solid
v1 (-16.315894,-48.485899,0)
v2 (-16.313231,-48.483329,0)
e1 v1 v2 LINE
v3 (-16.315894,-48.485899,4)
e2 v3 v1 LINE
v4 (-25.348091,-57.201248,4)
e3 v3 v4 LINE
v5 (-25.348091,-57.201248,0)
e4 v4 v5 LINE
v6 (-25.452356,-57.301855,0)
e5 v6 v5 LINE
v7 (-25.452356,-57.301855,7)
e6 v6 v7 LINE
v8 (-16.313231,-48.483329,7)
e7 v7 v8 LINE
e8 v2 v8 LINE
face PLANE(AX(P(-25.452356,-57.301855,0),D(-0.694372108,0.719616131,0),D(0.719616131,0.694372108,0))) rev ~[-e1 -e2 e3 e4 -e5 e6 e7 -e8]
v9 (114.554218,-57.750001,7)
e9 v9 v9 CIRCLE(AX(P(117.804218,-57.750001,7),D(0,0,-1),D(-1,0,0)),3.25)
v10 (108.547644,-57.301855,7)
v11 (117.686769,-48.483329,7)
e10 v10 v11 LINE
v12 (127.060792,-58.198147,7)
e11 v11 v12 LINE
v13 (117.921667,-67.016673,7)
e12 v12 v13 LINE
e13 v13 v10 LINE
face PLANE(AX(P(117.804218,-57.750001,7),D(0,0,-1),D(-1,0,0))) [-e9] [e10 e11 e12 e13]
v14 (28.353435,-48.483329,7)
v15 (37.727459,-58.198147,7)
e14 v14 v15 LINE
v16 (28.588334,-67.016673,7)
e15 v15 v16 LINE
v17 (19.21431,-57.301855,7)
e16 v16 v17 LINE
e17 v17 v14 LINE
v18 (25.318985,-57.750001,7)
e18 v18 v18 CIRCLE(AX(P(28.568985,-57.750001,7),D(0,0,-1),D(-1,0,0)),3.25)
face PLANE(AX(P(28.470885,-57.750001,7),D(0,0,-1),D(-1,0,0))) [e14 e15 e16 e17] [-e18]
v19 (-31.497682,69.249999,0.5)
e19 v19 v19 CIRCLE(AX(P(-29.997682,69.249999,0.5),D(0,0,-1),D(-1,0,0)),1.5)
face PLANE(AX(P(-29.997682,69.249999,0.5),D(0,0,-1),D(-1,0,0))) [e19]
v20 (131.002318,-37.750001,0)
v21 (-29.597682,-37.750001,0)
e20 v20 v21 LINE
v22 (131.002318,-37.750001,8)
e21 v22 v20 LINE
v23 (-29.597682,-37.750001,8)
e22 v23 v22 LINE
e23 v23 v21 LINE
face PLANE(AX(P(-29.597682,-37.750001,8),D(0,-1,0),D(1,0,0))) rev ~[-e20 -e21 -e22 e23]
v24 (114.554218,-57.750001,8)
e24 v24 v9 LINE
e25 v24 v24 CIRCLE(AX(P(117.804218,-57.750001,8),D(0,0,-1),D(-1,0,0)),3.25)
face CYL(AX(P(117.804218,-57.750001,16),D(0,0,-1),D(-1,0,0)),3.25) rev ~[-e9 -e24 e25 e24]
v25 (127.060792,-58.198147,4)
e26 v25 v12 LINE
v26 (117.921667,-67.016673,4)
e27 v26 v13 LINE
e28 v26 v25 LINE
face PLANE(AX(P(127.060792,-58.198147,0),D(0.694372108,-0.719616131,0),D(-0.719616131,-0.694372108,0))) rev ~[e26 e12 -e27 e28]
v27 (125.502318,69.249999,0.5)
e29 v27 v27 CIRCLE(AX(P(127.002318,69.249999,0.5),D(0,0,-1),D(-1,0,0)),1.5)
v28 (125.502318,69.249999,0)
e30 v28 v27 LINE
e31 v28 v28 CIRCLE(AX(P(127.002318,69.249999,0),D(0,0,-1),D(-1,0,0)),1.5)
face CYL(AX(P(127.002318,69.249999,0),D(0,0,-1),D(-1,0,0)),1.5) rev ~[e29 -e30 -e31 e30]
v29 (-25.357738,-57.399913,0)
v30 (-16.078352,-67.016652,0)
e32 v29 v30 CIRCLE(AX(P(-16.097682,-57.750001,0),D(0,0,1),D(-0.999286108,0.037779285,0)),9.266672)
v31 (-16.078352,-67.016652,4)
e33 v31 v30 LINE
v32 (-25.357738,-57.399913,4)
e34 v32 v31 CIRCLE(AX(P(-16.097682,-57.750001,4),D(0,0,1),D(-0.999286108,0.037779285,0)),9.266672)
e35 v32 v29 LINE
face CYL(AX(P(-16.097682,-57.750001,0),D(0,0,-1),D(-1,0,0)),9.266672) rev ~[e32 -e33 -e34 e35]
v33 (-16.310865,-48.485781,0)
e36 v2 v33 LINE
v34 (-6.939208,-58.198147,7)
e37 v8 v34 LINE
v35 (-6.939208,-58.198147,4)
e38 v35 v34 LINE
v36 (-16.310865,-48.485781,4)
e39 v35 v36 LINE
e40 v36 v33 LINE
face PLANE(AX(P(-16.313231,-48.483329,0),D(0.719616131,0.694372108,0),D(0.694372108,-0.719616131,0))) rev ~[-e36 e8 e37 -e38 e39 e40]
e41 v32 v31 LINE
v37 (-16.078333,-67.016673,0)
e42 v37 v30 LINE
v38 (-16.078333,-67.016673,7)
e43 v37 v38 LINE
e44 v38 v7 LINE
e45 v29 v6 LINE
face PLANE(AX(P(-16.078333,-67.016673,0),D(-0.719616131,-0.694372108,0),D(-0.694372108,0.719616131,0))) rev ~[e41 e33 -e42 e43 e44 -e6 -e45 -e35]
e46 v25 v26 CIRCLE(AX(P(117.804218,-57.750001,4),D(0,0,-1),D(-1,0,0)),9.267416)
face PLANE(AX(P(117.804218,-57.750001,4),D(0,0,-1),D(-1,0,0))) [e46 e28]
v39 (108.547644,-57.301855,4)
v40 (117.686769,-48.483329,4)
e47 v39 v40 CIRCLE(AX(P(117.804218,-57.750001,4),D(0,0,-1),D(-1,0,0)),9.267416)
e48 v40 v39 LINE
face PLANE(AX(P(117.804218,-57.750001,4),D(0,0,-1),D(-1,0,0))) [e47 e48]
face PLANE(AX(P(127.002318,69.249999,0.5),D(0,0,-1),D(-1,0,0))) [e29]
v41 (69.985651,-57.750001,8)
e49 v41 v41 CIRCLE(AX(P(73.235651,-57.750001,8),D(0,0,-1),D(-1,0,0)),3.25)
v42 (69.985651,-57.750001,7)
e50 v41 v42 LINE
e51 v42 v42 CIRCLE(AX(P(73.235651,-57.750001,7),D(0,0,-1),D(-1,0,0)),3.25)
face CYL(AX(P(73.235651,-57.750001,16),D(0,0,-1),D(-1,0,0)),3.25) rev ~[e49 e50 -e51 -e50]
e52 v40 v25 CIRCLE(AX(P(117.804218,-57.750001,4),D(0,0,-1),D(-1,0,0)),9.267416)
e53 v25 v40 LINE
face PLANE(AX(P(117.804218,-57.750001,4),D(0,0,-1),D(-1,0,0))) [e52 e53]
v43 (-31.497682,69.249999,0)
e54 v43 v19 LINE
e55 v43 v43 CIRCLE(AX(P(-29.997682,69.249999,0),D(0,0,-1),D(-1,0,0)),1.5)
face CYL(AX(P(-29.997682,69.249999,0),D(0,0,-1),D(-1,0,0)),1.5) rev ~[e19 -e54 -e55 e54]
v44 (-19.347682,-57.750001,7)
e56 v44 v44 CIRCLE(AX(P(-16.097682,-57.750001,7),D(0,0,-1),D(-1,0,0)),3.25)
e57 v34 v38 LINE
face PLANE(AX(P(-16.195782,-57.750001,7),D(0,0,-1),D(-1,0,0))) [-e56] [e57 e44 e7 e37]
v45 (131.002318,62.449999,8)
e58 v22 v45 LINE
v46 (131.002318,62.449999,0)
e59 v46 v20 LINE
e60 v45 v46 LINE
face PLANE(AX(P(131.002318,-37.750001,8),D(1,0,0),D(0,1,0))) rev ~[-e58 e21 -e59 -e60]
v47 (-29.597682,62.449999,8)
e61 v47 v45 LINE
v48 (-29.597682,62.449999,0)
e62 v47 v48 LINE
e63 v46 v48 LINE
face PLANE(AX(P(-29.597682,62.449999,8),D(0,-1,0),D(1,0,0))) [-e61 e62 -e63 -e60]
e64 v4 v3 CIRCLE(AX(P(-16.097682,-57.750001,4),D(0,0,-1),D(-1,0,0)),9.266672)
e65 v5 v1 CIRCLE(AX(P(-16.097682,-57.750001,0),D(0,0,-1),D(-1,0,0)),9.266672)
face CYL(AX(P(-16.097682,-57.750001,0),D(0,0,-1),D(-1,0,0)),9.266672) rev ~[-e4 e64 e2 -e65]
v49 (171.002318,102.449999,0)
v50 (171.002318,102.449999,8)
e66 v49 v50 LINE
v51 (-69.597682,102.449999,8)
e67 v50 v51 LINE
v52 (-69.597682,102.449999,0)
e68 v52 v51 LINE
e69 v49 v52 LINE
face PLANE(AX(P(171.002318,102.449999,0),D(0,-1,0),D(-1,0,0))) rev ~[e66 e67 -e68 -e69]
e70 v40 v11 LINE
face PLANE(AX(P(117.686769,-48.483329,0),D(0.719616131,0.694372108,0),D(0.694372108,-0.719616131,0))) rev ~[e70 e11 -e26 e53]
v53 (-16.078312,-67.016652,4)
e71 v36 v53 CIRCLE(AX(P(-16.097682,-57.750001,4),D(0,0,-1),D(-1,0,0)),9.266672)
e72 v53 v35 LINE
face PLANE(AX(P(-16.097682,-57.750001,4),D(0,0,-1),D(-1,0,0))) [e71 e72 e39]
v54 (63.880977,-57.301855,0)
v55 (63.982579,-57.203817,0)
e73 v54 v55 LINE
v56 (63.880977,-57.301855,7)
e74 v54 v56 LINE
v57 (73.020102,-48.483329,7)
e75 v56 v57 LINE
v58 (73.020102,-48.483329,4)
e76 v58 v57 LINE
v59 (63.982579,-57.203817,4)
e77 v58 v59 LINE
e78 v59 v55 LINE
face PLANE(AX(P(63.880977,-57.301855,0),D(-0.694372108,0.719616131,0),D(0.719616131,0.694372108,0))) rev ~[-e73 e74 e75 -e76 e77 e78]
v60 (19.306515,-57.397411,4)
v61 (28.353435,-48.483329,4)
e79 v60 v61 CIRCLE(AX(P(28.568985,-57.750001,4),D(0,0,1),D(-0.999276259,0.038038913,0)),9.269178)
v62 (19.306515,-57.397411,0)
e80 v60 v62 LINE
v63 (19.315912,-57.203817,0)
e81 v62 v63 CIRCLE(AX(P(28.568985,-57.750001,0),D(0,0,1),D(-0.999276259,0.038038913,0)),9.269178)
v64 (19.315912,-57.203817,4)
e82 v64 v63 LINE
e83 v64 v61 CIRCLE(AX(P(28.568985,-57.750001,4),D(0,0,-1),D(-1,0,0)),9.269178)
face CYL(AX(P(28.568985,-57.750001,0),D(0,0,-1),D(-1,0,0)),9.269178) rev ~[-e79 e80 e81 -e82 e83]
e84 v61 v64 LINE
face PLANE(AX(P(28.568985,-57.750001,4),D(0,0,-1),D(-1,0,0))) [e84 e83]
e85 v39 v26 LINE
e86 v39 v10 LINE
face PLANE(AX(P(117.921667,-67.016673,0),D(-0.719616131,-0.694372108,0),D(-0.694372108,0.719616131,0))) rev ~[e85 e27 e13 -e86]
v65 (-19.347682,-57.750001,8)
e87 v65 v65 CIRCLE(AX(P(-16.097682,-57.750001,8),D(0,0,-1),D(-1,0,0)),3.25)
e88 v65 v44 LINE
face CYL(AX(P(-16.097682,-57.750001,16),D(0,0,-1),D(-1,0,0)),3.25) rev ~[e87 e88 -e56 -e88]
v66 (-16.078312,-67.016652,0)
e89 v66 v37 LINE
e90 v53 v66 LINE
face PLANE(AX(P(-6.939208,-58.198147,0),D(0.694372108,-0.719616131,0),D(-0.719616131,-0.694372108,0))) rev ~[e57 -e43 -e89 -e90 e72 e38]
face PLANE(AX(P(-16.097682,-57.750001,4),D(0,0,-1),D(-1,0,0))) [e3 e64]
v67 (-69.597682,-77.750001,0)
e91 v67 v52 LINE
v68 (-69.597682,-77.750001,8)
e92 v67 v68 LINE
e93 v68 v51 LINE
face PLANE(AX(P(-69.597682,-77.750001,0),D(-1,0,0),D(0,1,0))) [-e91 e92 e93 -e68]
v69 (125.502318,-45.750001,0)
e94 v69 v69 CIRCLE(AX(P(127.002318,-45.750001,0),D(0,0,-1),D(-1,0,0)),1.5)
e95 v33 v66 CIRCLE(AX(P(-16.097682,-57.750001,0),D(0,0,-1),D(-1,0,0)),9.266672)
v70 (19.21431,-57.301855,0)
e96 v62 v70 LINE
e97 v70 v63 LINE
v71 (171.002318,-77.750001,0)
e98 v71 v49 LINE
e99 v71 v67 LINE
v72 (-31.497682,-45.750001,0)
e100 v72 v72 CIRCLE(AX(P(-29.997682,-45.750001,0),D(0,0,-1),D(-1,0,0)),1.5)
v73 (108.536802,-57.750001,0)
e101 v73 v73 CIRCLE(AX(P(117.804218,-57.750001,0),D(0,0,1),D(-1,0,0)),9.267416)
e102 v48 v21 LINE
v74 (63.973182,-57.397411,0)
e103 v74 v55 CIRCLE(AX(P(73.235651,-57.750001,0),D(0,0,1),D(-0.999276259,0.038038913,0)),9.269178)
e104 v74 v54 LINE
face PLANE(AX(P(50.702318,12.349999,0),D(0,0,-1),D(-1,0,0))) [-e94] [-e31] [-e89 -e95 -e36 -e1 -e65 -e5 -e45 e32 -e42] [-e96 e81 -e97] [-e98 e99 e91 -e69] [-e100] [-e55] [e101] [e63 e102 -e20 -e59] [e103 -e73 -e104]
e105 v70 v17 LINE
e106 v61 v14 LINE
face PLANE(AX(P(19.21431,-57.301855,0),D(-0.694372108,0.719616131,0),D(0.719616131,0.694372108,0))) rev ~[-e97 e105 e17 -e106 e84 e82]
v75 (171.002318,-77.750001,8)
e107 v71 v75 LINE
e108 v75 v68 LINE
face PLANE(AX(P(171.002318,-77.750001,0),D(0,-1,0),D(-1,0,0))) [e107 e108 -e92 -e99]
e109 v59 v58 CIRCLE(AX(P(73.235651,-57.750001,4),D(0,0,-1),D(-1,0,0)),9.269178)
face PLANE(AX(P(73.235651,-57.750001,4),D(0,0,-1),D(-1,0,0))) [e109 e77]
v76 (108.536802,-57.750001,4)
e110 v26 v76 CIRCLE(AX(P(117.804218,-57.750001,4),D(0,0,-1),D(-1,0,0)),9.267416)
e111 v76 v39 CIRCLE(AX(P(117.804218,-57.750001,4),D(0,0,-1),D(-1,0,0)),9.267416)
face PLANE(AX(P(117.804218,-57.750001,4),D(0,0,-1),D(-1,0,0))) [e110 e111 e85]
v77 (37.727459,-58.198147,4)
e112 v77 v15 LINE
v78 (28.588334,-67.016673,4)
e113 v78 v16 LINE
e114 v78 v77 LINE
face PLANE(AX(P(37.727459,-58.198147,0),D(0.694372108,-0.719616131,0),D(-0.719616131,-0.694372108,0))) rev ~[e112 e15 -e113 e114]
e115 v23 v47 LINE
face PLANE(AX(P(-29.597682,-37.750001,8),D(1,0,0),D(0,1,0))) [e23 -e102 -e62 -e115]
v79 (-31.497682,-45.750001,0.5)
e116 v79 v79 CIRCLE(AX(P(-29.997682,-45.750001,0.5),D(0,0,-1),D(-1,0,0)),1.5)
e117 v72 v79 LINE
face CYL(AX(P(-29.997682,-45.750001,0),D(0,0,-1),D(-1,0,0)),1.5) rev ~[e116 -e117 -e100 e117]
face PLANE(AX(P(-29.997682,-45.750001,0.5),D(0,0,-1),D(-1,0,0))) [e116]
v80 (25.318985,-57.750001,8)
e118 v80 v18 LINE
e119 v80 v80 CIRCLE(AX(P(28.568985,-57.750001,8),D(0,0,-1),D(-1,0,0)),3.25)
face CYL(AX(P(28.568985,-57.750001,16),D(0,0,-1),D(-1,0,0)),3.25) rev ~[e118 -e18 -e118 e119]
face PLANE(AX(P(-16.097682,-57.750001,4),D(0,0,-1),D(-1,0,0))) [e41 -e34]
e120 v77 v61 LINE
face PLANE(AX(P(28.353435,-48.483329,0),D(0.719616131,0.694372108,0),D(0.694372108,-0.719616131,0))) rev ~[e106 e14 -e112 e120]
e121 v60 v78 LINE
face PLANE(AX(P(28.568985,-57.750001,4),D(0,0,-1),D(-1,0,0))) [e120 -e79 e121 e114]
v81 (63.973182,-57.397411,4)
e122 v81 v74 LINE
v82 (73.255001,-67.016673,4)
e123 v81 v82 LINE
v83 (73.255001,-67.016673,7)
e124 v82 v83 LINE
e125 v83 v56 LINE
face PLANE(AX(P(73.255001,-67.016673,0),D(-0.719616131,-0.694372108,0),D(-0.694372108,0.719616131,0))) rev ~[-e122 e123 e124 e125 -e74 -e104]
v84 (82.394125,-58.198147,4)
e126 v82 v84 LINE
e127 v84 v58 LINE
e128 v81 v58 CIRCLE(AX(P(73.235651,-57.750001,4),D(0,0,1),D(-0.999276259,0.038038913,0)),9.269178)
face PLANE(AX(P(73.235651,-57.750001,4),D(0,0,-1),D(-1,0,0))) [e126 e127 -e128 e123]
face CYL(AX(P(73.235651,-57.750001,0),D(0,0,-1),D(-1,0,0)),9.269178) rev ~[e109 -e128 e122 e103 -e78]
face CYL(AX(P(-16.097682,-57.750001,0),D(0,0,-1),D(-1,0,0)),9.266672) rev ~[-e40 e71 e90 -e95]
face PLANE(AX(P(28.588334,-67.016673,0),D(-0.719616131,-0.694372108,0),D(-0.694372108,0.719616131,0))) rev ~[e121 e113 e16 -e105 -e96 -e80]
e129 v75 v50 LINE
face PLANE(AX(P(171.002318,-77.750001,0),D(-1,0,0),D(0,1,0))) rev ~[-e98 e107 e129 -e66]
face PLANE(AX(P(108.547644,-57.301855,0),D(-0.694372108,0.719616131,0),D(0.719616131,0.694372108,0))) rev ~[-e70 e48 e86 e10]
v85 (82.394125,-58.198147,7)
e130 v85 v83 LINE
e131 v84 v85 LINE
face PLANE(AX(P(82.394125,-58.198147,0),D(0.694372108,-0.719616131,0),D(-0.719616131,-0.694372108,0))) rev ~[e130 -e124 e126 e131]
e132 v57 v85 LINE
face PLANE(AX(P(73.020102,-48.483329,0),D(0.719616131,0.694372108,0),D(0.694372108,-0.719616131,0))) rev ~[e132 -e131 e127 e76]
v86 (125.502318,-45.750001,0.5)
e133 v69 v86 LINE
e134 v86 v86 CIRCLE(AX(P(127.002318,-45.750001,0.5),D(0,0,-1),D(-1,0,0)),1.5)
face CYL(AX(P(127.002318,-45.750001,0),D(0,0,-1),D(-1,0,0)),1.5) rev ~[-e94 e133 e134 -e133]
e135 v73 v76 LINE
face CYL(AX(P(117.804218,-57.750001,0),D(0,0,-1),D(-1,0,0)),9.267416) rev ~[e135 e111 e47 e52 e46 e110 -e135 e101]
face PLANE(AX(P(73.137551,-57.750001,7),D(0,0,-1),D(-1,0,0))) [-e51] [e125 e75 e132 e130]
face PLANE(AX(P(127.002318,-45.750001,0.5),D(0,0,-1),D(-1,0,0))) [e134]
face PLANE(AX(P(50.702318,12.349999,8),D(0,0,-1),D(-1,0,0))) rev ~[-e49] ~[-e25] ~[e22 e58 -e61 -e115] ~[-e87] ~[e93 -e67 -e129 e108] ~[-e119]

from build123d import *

# Parameters (mm, degrees)
SKETCH1_W                      = 240.6
SKETCH1_H                      = 180.2
BOSS_EXTRUDE1_DEPTH            = 8
SKETCH2_W                      = 160.6
SKETCH2_H                      = 100.2
CUT_EXTRUDE1_DEPTH             = 200.503872501
CUT_EXTRUDE2_DEPTH             = 7
CUT_EXTRUDE3_DEPTH             = 7
CUT_EXTRUDE4_DEPTH             = 7
CUT_EXTRUDE5_DEPTH             = 7
F_6_5_6_5_DIAMETER_HOLE1_D     = 6.5
F_6_5_6_5_DIAMETER_HOLE1_DEPTH = 8
SKETCH9_R                      = 9.267416037
SKETCH9_R_2                    = 9.269178346
SKETCH9_R_3                    = 9.266671768
CUT_EXTRUDE7_DEPTH             = 4
SKETCH10_R                     = 1.5
CUT_EXTRUDE8_DEPTH             = 0.5


with BuildPart() as part:
    # Sketch1 → Boss-Extrude1 (new body)
    with BuildSketch(Plane(origin=(0, 0, 0), x_dir=(-1, 0, 0), z_dir=(0, 0, -1))):
        with Locations((-50.702318109, 12.34999924)):
            Rectangle(SKETCH1_W, SKETCH1_H)
    extrude(amount=-BOSS_EXTRUDE1_DEPTH)

    # Sketch2 → Cut-Extrude1 (cut, through all)
    with BuildSketch(Plane.XY.offset(8)):
        with Locations((50.702318109, 12.34999924)):
            Rectangle(SKETCH2_W, SKETCH2_H)
    extrude(amount=-CUT_EXTRUDE1_DEPTH, mode=Mode.SUBTRACT)

    # Sketch3 → Cut-Extrude2 (cut)
    with BuildSketch(Plane(origin=(0, 0, 0), x_dir=(-1, 0, 0), z_dir=(0, 0, -1))):
        Polygon((-117.686768689, -48.483328992), (-127.060792146, -58.198146757), (-117.921667286, -67.016672528), (-108.547643828, -57.301854763), align=None)
    extrude(amount=-CUT_EXTRUDE2_DEPTH, mode=Mode.SUBTRACT)

    # Sketch4 → Cut-Extrude3 (cut)
    with BuildSketch(Plane(origin=(0, 0, 0), x_dir=(-1, 0, 0), z_dir=(0, 0, -1))):
        Polygon((6.939207854, -58.198146757), (16.078332714, -67.016672528), (25.452356172, -57.301854763), (16.313231311, -48.483328992), align=None)
    extrude(amount=-CUT_EXTRUDE3_DEPTH, mode=Mode.SUBTRACT)

    # Sketch5 → Cut-Extrude4 (cut)
    with BuildSketch(Plane(origin=(0, 0, 0), x_dir=(-1, 0, 0), z_dir=(0, 0, -1))):
        Polygon((-37.727458813, -58.198146757), (-28.588333952, -67.016672528), (-19.214310494, -57.301854763), (-28.353435355, -48.483328992), align=None)
    extrude(amount=-CUT_EXTRUDE4_DEPTH, mode=Mode.SUBTRACT)

    # Sketch6 → Cut-Extrude5 (cut)
    with BuildSketch(Plane(origin=(0, 0, 0), x_dir=(-1, 0, 0), z_dir=(0, 0, -1))):
        Polygon((-82.39412548, -58.198146757), (-73.255000619, -67.016672528), (-63.880977161, -57.301854763), (-73.020102022, -48.483328992), align=None)
    extrude(amount=-CUT_EXTRUDE5_DEPTH, mode=Mode.SUBTRACT)

    # Ø6.5 (6.5) Diameter Hole1
    with Locations(Plane.XY.offset(8)):
        with Locations((117.804217987, -57.75000076), (-16.097681891, -57.75000076), (28.568984776, -57.75000076), (73.235651442, -57.75000076)):
            Hole(F_6_5_6_5_DIAMETER_HOLE1_D / 2, depth=F_6_5_6_5_DIAMETER_HOLE1_DEPTH)

    # Sketch9 → Cut-Extrude7 (cut)
    with BuildSketch(Plane(origin=(0, 0, 0), x_dir=(-1, 0, 0), z_dir=(0, 0, -1))):
        with Locations((-117.804217987, -57.75000076)):
            Circle(SKETCH9_R)
        with Locations((-73.235651442, -57.75000076)):
            Circle(SKETCH9_R_2)
        with Locations((-28.568984776, -57.75000076)):
            Circle(SKETCH9_R_2)
        with Locations((16.097681891, -57.75000076)):
            Circle(SKETCH9_R_3)
    extrude(amount=-CUT_EXTRUDE7_DEPTH, mode=Mode.SUBTRACT)

    # Sketch10 → Cut-Extrude8 (cut)
    with BuildSketch(Plane(origin=(0, 0, 0), x_dir=(-1, 0, 0), z_dir=(0, 0, -1))):
        with Locations((-127.002318109, 69.24999924)):
            Circle(SKETCH10_R)
        with Locations((29.997681891, 69.24999924)):
            Circle(SKETCH10_R)
        with Locations((29.997681891, -45.75000076)):
            Circle(SKETCH10_R)
        with Locations((-127.002318109, -45.75000076)):
            Circle(SKETCH10_R)
    extrude(amount=-CUT_EXTRUDE8_DEPTH, mode=Mode.SUBTRACT)


solid = part.part
